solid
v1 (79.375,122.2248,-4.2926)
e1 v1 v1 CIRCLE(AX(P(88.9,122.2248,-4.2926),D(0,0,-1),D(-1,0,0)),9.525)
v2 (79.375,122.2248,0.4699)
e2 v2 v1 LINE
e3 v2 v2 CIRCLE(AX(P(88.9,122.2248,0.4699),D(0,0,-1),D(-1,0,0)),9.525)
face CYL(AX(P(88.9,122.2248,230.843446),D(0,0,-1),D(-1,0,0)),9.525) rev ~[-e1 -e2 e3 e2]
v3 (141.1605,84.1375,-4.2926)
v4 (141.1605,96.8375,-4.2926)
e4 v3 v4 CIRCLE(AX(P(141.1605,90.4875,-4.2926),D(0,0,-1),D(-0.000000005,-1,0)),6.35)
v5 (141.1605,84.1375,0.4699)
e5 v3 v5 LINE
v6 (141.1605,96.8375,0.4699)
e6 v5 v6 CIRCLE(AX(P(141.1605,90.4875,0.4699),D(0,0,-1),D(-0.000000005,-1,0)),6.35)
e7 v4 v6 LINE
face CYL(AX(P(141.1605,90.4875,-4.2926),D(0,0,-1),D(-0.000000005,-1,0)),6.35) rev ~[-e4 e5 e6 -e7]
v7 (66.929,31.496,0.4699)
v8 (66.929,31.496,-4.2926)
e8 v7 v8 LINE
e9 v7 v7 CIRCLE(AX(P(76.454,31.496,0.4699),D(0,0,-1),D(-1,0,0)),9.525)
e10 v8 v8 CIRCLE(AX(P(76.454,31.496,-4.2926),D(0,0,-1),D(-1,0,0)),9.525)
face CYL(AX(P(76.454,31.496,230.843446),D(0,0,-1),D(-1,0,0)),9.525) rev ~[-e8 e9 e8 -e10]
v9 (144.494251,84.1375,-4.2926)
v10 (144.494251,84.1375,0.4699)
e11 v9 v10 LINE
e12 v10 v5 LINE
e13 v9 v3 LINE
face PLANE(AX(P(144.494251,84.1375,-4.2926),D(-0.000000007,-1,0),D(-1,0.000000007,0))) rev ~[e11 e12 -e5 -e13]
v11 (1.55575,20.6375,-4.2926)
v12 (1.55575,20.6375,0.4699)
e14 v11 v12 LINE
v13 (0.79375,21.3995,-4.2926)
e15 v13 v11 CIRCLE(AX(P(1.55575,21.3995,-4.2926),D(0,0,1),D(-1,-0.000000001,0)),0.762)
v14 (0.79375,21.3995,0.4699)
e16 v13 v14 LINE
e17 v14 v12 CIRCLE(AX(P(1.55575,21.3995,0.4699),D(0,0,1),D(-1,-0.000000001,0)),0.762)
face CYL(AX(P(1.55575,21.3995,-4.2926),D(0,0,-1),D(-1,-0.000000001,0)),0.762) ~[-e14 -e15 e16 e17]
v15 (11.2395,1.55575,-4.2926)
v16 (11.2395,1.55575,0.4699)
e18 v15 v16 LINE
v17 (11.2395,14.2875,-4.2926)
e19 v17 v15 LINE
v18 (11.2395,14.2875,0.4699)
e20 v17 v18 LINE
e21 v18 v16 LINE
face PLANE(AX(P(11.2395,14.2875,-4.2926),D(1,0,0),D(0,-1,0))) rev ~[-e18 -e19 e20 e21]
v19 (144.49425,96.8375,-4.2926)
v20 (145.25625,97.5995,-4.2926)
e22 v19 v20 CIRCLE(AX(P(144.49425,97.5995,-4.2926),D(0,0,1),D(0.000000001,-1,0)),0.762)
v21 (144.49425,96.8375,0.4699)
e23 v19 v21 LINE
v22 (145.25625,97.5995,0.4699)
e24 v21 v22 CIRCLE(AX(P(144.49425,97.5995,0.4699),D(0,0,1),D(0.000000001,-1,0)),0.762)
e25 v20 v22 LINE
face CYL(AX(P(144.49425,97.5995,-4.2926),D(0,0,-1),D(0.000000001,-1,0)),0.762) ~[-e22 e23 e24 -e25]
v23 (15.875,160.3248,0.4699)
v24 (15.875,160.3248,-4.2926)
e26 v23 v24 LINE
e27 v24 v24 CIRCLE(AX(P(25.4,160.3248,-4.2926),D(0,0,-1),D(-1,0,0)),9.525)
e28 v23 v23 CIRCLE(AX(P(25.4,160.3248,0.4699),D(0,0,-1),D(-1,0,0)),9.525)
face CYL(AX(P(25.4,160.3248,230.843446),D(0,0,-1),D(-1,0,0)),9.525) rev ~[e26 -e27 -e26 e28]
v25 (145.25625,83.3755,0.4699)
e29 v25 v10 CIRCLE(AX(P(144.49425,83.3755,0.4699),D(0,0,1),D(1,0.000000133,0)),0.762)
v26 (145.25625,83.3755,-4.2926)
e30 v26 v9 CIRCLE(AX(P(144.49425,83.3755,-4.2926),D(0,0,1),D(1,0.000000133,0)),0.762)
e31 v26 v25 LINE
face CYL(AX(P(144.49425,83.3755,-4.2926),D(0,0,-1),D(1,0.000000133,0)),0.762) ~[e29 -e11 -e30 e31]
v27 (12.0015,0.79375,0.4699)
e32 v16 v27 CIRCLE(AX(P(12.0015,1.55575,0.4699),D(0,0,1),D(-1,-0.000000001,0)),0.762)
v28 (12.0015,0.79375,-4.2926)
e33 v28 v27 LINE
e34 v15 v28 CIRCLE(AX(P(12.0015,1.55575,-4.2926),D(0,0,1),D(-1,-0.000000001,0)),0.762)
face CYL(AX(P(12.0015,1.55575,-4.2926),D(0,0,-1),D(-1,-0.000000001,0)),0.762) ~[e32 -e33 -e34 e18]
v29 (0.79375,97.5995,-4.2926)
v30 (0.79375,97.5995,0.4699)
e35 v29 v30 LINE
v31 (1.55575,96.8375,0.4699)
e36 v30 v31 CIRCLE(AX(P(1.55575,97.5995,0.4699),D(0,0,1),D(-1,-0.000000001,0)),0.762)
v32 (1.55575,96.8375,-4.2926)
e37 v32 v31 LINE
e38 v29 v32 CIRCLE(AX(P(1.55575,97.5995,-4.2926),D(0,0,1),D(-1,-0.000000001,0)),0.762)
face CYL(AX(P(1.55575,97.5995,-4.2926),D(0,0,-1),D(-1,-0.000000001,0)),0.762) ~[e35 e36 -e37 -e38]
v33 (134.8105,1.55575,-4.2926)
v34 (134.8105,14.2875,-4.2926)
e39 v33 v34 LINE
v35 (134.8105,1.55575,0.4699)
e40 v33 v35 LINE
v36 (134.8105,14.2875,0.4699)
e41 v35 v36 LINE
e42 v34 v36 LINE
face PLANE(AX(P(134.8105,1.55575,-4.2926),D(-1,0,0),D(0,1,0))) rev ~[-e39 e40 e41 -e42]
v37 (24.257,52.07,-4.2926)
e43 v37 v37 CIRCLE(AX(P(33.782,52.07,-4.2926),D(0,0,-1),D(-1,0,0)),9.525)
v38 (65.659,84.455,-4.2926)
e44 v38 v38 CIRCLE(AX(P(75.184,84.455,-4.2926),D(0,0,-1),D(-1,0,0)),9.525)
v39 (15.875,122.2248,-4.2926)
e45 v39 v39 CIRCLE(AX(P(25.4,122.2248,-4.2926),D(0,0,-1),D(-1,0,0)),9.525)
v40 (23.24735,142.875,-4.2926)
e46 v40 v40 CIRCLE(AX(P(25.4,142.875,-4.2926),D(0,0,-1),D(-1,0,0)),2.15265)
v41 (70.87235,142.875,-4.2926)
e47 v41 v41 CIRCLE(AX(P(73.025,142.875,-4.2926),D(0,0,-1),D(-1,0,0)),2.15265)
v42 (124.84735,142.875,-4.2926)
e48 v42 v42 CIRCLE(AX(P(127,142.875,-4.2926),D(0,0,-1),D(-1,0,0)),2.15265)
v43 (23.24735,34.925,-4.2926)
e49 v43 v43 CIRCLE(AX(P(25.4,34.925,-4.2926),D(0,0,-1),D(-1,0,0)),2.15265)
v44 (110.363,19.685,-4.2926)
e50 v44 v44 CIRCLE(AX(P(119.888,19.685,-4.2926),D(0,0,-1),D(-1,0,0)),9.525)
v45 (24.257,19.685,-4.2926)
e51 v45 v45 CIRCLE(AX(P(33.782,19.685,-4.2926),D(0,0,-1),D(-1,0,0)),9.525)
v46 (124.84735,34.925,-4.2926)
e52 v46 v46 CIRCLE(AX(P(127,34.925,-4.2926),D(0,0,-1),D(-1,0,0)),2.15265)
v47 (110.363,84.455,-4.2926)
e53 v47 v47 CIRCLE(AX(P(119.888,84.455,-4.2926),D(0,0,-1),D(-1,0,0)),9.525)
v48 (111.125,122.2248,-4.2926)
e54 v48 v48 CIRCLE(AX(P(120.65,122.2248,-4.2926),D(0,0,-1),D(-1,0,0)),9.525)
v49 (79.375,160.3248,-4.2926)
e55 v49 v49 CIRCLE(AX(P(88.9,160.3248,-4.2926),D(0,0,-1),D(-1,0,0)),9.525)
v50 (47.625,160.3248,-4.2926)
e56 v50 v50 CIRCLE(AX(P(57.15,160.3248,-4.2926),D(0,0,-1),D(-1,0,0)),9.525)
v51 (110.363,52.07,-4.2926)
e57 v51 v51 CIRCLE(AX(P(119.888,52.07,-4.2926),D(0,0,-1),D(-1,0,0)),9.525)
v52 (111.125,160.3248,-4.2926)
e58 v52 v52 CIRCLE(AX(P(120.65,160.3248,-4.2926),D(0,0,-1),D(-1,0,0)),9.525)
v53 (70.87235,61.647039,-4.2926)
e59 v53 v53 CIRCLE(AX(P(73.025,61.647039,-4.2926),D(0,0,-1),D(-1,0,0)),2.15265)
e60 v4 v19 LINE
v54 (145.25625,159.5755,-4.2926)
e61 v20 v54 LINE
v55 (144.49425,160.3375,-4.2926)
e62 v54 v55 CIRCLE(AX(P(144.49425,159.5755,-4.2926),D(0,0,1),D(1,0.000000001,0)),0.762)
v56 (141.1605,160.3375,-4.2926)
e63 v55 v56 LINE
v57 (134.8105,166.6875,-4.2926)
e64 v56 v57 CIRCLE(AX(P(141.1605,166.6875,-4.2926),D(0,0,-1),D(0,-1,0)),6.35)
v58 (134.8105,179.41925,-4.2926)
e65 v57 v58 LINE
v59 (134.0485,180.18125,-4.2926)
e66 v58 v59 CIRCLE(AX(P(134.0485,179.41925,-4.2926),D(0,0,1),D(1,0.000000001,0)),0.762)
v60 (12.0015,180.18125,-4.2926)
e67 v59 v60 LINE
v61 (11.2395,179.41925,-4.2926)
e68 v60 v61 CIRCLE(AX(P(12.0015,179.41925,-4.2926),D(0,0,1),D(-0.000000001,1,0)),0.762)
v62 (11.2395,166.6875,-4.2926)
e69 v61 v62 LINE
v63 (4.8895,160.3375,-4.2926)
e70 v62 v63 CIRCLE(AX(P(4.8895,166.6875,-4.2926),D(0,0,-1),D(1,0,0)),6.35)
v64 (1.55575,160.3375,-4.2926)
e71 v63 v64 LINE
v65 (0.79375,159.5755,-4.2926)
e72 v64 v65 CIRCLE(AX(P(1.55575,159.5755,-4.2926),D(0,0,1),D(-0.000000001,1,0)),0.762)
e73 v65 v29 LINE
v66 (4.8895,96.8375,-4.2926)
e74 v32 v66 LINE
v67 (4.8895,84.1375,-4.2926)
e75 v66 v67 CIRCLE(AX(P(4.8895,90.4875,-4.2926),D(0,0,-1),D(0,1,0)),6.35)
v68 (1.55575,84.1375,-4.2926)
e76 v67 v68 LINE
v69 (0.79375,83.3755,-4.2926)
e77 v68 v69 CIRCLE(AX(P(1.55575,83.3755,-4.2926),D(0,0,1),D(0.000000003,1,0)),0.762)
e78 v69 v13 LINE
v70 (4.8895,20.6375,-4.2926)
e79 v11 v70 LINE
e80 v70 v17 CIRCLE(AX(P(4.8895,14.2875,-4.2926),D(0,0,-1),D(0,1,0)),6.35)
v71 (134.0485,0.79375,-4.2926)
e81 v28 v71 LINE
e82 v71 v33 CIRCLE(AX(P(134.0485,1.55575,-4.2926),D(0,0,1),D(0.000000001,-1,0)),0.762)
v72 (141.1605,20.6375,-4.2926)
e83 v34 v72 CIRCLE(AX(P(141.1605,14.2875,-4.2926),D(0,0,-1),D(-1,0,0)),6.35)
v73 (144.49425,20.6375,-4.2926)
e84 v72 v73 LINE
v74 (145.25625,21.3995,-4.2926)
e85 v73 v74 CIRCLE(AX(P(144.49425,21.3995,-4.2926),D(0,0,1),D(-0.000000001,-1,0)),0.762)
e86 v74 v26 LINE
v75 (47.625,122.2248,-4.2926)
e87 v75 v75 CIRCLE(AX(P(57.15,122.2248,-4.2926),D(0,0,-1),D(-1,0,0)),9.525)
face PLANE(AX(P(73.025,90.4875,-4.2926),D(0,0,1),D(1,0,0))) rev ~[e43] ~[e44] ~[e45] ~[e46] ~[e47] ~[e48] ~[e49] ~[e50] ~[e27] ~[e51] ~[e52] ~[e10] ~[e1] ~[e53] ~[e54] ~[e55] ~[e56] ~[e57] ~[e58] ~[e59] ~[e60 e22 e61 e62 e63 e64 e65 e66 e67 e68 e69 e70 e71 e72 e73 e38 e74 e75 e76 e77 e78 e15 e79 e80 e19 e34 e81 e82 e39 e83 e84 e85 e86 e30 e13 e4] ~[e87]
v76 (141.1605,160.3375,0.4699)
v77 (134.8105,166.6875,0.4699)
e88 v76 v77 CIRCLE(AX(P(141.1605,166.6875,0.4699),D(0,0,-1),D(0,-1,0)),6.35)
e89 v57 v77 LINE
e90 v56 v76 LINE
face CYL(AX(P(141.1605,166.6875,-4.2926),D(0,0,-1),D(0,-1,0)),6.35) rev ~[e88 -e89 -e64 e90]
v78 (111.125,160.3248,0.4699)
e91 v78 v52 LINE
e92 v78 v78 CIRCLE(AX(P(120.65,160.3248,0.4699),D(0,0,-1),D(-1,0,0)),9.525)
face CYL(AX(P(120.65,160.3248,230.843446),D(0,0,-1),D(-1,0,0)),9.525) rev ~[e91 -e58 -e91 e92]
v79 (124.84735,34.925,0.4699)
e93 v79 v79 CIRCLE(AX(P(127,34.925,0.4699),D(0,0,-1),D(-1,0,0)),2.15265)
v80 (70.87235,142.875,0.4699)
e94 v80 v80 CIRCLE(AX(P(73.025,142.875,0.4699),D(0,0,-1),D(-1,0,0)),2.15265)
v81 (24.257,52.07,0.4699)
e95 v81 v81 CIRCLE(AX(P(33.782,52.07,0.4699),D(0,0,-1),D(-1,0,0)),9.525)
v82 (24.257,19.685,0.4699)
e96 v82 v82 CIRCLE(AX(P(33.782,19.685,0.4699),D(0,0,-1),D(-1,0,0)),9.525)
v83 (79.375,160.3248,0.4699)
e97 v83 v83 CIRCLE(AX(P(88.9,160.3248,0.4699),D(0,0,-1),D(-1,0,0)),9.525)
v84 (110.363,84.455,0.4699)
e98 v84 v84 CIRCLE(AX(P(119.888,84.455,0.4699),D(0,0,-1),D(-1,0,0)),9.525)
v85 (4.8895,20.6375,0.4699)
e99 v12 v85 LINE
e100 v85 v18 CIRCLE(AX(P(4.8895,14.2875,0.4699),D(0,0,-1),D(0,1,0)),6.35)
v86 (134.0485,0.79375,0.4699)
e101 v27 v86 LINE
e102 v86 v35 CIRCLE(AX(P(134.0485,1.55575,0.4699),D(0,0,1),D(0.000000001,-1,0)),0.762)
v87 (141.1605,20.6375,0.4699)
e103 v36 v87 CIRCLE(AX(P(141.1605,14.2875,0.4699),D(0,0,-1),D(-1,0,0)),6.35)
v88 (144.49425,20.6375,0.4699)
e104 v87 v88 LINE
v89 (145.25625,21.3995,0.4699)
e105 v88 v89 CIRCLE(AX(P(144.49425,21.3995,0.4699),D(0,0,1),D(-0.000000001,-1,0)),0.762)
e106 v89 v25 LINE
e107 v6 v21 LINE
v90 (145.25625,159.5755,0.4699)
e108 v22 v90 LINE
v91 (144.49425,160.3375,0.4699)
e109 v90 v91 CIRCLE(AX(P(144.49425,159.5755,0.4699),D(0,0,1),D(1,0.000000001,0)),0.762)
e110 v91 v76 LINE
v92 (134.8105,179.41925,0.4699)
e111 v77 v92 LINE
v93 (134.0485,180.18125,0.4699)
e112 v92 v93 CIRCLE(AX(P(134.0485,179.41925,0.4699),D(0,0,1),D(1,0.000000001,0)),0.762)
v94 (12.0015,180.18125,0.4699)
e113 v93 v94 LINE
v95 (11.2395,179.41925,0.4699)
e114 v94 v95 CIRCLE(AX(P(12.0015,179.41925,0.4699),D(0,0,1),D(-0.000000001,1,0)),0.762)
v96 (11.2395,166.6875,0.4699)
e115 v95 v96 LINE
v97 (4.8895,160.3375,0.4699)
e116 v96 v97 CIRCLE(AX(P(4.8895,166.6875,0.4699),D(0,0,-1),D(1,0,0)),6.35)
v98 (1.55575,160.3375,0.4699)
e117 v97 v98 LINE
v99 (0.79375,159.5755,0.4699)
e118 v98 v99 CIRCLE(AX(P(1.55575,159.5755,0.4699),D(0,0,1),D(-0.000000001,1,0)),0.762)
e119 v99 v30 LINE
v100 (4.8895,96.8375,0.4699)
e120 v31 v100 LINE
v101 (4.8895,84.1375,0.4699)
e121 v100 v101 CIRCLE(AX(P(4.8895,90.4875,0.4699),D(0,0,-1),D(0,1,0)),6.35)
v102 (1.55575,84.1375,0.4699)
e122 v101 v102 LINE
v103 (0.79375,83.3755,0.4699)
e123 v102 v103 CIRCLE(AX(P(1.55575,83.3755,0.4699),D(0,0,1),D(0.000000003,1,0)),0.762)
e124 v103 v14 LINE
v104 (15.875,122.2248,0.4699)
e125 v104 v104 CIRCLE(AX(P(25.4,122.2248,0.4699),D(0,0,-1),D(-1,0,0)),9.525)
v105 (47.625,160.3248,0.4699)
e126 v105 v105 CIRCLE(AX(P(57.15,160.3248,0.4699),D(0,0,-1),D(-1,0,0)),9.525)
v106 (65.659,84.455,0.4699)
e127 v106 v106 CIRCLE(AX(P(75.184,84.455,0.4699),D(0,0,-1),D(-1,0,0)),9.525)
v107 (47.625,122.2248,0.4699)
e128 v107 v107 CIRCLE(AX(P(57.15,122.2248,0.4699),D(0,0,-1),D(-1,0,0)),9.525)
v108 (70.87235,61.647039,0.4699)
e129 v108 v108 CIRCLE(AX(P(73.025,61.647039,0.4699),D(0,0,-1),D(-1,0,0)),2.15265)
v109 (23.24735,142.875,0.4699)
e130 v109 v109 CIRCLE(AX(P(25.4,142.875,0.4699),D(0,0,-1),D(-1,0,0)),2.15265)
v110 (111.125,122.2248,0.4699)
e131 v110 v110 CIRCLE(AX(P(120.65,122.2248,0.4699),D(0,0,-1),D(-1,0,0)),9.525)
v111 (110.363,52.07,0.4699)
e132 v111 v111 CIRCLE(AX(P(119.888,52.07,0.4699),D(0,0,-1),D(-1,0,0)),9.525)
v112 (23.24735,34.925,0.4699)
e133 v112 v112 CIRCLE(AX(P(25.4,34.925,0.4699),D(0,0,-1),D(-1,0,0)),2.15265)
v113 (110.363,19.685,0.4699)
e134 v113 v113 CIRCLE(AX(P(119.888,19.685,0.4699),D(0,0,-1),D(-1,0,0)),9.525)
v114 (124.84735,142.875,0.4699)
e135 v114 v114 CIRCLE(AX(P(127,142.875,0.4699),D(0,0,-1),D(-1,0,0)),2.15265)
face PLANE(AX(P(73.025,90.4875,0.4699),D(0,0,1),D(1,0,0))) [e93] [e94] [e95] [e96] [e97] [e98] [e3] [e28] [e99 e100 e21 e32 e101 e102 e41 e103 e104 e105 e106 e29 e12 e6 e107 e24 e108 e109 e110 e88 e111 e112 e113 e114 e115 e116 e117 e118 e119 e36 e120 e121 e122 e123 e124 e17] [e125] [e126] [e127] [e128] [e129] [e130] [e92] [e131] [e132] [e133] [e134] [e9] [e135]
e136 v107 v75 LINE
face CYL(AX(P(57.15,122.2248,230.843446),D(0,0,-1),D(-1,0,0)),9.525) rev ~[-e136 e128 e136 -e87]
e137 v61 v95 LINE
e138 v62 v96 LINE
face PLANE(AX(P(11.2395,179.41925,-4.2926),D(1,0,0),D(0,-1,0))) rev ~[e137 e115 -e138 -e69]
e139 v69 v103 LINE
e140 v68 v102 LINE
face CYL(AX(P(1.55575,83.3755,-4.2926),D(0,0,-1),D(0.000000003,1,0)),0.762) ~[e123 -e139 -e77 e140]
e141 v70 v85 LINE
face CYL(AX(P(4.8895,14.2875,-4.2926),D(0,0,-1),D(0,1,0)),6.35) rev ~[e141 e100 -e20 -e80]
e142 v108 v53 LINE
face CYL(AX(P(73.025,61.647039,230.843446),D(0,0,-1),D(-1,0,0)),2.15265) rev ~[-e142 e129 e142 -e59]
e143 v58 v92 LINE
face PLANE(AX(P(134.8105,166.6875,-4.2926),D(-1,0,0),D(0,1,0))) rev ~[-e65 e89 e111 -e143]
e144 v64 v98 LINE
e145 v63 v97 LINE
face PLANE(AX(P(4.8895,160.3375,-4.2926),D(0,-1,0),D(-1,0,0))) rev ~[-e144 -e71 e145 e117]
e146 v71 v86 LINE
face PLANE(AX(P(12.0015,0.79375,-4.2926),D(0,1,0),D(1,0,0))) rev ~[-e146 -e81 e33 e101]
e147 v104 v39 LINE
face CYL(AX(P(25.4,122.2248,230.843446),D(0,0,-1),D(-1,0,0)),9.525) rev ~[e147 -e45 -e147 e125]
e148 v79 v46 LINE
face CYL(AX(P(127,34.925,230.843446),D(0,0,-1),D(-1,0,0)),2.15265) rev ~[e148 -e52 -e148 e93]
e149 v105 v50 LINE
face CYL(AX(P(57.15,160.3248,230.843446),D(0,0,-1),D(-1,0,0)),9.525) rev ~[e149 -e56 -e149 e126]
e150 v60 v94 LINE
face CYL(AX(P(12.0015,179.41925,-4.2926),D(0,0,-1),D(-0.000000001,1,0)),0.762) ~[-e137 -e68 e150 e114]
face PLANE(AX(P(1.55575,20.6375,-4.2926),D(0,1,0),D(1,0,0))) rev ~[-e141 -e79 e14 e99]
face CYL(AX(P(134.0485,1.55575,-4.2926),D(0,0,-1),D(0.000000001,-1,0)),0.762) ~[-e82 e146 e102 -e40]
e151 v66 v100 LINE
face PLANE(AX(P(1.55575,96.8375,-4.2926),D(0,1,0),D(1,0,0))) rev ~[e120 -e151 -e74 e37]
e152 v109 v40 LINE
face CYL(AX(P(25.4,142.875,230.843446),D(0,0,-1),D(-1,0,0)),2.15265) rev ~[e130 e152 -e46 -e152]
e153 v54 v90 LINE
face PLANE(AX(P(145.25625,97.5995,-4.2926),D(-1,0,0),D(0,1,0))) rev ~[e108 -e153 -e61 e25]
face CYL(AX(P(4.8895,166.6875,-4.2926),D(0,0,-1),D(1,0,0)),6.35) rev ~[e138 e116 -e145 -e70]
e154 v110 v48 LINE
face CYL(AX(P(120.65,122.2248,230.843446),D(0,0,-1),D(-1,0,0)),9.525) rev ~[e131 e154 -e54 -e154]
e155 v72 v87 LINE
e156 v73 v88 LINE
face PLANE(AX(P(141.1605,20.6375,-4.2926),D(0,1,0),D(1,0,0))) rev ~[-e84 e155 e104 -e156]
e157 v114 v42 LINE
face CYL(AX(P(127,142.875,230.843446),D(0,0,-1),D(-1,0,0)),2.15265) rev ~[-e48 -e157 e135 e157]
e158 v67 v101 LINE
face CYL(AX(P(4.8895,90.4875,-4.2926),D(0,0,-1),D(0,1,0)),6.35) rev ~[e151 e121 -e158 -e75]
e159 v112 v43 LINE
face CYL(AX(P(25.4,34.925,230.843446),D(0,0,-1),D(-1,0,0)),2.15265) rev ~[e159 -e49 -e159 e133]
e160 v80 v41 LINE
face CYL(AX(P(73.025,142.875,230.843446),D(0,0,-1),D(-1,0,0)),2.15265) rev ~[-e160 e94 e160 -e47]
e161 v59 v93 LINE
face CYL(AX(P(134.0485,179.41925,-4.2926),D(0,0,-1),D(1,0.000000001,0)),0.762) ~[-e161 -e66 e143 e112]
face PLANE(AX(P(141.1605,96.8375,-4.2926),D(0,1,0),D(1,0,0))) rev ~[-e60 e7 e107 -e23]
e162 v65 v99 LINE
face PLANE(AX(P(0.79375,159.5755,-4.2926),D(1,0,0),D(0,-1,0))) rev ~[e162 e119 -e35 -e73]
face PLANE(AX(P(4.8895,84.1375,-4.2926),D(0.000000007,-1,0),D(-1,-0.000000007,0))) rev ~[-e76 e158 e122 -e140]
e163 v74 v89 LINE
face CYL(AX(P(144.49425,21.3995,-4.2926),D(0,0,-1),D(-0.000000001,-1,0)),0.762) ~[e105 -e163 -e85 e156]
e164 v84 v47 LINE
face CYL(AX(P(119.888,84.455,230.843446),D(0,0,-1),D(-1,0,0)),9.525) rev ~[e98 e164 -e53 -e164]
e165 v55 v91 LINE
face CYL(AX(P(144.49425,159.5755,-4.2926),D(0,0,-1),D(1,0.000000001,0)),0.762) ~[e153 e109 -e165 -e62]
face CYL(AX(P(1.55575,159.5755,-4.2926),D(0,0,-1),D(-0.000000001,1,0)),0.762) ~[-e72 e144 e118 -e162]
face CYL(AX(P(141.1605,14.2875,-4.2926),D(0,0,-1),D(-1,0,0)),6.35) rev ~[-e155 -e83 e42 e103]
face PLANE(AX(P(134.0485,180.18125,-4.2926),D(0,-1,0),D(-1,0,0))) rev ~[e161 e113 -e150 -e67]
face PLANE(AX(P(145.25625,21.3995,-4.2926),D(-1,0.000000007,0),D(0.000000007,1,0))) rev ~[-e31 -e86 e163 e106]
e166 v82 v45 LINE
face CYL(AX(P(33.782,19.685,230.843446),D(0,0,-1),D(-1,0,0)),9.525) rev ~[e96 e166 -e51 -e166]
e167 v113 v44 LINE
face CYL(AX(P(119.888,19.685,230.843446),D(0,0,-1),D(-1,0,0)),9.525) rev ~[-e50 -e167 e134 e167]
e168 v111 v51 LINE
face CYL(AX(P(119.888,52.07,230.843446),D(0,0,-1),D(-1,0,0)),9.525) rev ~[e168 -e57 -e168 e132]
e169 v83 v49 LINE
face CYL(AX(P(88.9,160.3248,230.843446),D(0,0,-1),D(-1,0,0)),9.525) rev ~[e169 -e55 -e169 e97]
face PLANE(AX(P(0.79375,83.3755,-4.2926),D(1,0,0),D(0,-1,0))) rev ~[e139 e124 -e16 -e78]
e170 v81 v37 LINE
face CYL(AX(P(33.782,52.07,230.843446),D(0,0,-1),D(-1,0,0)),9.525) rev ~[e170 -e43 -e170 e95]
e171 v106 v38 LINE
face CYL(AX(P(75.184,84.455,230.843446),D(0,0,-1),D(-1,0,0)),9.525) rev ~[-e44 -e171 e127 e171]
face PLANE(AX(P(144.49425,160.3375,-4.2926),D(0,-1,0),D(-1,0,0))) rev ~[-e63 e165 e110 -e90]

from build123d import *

# Parameters (mm, degrees)
BOSS_EXTRUDE1_DEPTH         = 4.7625
F_3_4_0_75_DIAMETER_HOLE1_D = 19.05
F_6_CLEARANCE_HOLE1_D       = 4.3053


with BuildPart() as part:
    # Sketch1 → Boss-Extrude1 (new body)
    with BuildSketch(Plane.XY.offset(-4.2926)):
        with BuildLine():
            Line((11.2395, 14.2875), (11.2395, 1.55575))
            ThreePointArc((11.2395, 1.55575), (11.462684633, 1.016934633), (12.0015, 0.79375))
            Line((12.0015, 0.79375), (134.0485, 0.79375))
            ThreePointArc((134.0485, 0.79375), (134.587315367, 1.016934633), (134.8105, 1.55575))
            Line((134.8105, 1.55575), (134.8105, 14.2875))
            ThreePointArc((134.8105, 14.2875), (136.670371939, 18.777628061), (141.1605, 20.6375))
            Line((141.1605, 20.6375), (144.494250007, 20.6375))
            ThreePointArc((144.494250007, 20.6375), (145.033065373, 20.860684631), (145.256250007, 21.399499996))
            Line((145.256250007, 21.399499996), (145.256250453, 83.375499964))
            ThreePointArc((145.256250453, 83.375499964), (145.033065866, 83.914315228), (144.494250605, 84.137499968))
            Line((144.494250605, 84.137499968), (141.16049997, 84.137499992))
            ThreePointArc((141.16049997, 84.137499992), (134.8105, 90.487500015), (141.1605, 96.8375))
            Line((141.1605, 96.8375), (144.49425, 96.8375))
            ThreePointArc((144.49425, 96.8375), (145.033065367, 97.060684633), (145.25625, 97.5995))
            Line((145.25625, 97.5995), (145.25625, 159.5755))
            ThreePointArc((145.25625, 159.5755), (145.033065367, 160.114315367), (144.49425, 160.3375))
            Line((144.49425, 160.3375), (141.1605, 160.3375))
            ThreePointArc((141.1605, 160.3375), (136.670371939, 162.197371939), (134.8105, 166.6875))
            Line((134.8105, 166.6875), (134.8105, 179.41925))
            ThreePointArc((134.8105, 179.41925), (134.587315367, 179.958065367), (134.0485, 180.18125))
            Line((134.0485, 180.18125), (12.0015, 180.18125))
            ThreePointArc((12.0015, 180.18125), (11.462684633, 179.958065367), (11.2395, 179.41925))
            Line((11.2395, 179.41925), (11.2395, 166.6875))
            ThreePointArc((11.2395, 166.6875), (9.379628061, 162.197371939), (4.8895, 160.3375))
            Line((4.8895, 160.3375), (1.55575, 160.3375))
            ThreePointArc((1.55575, 160.3375), (1.016934633, 160.114315367), (0.79375, 159.5755))
            Line((0.79375, 159.5755), (0.79375, 97.5995))
            ThreePointArc((0.79375, 97.5995), (1.016934633, 97.060684633), (1.55575, 96.8375))
            Line((1.55575, 96.8375), (4.8895, 96.8375))
            ThreePointArc((4.8895, 96.8375), (11.2395, 90.487500015), (4.88950003, 84.1375))
            Line((4.88950003, 84.1375), (1.555749996, 84.137499976))
            ThreePointArc((1.555749996, 84.137499976), (1.016934626, 83.91431534), (0.79375, 83.375499968))
            Line((0.79375, 83.375499968), (0.79375, 21.3995))
            ThreePointArc((0.79375, 21.3995), (1.016934633, 20.860684633), (1.55575, 20.6375))
            Line((1.55575, 20.6375), (4.8895, 20.6375))
            ThreePointArc((4.8895, 20.6375), (9.379628061, 18.777628061), (11.2395, 14.2875))
        make_face()
    extrude(amount=BOSS_EXTRUDE1_DEPTH)

    # 3/4 (0.75) Diameter Hole1 (through all)
    with Locations(Plane.XY.offset(0.4699)):
        with Locations((33.782, 19.685), (76.454, 31.496), (119.888, 19.685), (119.888, 52.07), (33.782, 52.07), (75.184, 84.455), (119.888, 84.455), (25.4, 122.2248), (57.15, 122.2248), (88.9, 122.2248), (120.65, 122.2248), (25.4, 160.3248), (57.15, 160.3248), (88.9, 160.3248), (120.65, 160.3248)):
            Hole(F_3_4_0_75_DIAMETER_HOLE1_D / 2)

    # #6 Clearance Hole1 (through all)
    with Locations(Plane.XY.offset(0.4699)):
        with Locations((25.4, 142.875), (73.025, 142.875), (127, 142.875), (73.025, 61.647038728), (25.4, 34.925), (127, 34.925)):
            Hole(F_6_CLEARANCE_HOLE1_D / 2)


solid = part.part
